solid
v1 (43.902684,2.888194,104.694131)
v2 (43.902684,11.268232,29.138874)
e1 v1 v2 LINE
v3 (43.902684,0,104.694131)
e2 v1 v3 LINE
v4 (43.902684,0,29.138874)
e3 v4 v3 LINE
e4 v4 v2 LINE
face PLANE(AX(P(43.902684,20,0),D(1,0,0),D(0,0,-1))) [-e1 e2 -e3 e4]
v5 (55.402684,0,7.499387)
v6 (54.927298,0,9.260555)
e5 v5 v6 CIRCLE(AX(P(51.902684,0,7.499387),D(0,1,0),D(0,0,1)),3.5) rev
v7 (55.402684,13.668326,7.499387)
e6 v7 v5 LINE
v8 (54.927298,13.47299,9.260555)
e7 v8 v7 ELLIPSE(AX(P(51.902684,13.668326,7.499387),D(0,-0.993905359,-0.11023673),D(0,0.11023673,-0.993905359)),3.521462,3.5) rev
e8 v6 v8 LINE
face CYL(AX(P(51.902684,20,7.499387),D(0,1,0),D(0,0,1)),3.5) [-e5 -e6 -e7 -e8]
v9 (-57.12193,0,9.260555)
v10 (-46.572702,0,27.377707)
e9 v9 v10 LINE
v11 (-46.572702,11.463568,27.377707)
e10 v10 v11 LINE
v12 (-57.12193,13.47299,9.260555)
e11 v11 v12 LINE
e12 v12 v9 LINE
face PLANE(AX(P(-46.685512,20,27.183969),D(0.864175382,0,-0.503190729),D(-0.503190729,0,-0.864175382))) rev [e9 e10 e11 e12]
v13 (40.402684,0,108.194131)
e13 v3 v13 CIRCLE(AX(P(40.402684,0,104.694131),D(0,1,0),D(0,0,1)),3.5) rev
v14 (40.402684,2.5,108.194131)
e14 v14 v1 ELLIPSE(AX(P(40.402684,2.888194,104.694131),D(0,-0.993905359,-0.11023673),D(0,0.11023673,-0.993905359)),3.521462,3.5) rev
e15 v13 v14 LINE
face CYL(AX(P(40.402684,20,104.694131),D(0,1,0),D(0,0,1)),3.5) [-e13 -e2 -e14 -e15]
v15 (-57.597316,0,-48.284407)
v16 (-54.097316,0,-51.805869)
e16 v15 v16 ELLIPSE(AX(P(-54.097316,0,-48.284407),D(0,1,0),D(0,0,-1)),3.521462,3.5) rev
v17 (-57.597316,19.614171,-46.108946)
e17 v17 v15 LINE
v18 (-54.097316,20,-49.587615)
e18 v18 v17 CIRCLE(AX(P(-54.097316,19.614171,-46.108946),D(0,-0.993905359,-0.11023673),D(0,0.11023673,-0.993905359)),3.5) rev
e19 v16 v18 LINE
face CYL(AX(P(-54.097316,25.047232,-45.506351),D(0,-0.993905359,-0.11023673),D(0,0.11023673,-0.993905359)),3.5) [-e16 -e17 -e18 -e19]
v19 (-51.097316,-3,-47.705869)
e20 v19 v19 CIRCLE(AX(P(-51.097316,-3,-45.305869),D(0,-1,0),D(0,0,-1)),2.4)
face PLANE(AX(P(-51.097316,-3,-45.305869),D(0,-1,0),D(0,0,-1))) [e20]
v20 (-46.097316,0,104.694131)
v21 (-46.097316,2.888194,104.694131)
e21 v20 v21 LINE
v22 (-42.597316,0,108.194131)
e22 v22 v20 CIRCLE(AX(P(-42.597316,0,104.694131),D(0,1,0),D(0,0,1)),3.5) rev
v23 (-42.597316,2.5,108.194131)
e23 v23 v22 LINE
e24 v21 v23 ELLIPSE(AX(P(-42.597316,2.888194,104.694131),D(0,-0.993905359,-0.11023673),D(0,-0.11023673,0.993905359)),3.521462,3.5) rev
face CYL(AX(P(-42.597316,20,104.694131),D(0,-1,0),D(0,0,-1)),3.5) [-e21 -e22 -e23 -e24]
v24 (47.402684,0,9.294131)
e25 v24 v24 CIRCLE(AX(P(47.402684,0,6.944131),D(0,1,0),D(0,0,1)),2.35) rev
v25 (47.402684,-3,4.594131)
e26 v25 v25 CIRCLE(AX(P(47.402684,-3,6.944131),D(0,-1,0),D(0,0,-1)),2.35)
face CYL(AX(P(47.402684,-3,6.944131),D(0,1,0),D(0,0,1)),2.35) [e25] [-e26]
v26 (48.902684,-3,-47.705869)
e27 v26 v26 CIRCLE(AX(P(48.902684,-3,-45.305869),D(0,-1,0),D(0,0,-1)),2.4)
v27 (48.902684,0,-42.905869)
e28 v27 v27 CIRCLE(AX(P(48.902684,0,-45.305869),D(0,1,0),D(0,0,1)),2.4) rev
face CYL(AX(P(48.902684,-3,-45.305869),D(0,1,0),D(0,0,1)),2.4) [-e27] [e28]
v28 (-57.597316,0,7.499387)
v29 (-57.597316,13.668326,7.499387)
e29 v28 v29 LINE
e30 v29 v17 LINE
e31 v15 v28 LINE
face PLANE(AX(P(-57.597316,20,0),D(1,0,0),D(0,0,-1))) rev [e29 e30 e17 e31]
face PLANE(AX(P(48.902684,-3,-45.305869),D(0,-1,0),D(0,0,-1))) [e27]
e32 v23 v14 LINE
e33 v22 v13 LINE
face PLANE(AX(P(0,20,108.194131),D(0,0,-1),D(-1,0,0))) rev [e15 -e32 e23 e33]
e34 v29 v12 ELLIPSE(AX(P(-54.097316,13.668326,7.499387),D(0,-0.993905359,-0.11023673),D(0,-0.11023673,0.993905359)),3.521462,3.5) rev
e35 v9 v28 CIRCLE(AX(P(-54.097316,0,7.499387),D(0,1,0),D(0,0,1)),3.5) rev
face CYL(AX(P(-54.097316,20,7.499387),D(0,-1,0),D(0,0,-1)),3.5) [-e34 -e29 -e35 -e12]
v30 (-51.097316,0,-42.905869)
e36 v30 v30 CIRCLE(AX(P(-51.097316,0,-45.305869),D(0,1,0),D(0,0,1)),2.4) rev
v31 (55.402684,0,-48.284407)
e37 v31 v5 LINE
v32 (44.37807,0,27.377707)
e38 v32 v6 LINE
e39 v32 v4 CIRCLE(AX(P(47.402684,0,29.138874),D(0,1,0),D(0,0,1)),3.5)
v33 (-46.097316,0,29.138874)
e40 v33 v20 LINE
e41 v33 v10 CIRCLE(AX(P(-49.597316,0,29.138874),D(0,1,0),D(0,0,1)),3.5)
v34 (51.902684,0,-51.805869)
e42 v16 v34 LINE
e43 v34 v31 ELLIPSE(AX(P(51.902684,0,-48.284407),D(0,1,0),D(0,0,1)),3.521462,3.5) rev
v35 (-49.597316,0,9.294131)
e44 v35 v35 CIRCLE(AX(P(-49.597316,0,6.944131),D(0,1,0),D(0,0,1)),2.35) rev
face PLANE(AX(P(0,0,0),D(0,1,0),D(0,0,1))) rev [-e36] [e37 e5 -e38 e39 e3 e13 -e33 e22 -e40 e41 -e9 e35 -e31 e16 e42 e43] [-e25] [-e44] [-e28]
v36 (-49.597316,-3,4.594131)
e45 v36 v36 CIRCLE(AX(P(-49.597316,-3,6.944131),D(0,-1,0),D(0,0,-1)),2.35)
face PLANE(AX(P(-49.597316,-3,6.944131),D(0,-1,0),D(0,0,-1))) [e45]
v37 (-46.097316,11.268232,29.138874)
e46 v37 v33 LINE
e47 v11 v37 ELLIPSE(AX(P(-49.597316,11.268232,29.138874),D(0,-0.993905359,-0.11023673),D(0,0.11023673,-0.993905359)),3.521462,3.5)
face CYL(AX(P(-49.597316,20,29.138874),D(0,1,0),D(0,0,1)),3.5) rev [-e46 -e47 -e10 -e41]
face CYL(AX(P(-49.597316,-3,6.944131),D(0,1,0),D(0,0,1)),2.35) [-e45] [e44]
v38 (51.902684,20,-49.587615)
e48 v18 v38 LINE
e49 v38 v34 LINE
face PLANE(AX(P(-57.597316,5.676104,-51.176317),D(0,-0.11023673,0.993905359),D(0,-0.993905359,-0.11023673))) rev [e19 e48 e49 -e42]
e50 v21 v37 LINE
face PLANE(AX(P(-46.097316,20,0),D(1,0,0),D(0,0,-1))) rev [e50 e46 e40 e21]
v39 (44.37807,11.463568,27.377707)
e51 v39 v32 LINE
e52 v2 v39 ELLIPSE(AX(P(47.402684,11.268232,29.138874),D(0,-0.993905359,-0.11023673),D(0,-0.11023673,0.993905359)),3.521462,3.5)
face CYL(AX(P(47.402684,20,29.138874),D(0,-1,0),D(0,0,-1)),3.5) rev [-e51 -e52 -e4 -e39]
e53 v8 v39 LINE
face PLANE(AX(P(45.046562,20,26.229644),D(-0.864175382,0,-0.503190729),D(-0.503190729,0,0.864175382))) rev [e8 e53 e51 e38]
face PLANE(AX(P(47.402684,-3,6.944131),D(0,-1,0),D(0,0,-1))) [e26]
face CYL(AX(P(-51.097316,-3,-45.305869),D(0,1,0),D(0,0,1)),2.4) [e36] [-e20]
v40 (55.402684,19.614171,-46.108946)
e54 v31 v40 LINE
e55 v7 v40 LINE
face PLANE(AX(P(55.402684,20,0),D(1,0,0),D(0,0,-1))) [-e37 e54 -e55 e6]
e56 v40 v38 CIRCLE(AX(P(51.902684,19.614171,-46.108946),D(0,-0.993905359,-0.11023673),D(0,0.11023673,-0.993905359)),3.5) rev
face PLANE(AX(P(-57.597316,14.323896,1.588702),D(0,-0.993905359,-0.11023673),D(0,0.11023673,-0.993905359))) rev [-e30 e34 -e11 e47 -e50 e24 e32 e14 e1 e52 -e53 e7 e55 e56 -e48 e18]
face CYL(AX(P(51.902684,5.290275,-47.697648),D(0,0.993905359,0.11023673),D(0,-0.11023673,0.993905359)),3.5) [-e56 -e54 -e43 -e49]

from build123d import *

# Parameters (mm, degrees)
BOSS_EXTRUDE1_DEPTH = 20
SKETCH2_R           = 2.4
SKETCH2_R_2         = 2.35
BOSS_EXTRUDE2_DEPTH = 3
CUT_EXTRUDE1_DEPTH  = 158.718007744
FILLET1_R           = 3.5


with BuildPart() as part:
    # Sketch1 → Boss-Extrude1 (new body)
    with BuildSketch(Plane(origin=(0, 0, 0), x_dir=(1, 0, 0), z_dir=(0, 1, 0))):
        Polygon((-57.597316241, 51.805869074), (-57.597316241, -8.444130926), (-46.097316241, -28.194130926), (-46.097316241, -108.194130926), (43.902683759, -108.194130926), (43.902683759, -28.194130926), (55.402683759, -8.444130926), (55.402683759, 51.805869074), align=None)
    extrude(amount=BOSS_EXTRUDE1_DEPTH)

    # Sketch2 → Boss-Extrude2 (add)
    with BuildSketch(Plane.XZ):
        with Locations(Location((-51.097316241, -45.305869074, 0), (0, 0, 90))):
            Circle(SKETCH2_R)
        with Locations(Location((48.902683759, -45.305869074, 0), (0, 0, 90))):
            Circle(SKETCH2_R)
        with Locations(Location((47.402683759, 6.944130926, 0), (0, 0, 90))):
            Circle(SKETCH2_R_2)
        with Locations(Location((-49.597316241, 6.944130926, 0), (0, 0, 90))):
            Circle(SKETCH2_R_2)
    extrude(amount=BOSS_EXTRUDE2_DEPTH)

    # Sketch3 → Cut-Extrude1 (cut, through all)
    with BuildSketch(Plane(origin=(55.402683759, 0, 0), x_dir=(0, 0, -1), z_dir=(1, 0, 0))):
        Polygon((-108.194130926, 20), (-108.194130926, 2.5), (-8.444130926, 13.563542172), (-8.444130926, 20), align=None)
        Polygon((-8.444130926, 20), (-8.444130926, 13.563542172), (49.587615005, 20), align=None)
        Polygon((49.587615005, 20), (51.805869074, 0), (51.805869074, 20), align=None)
    extrude(amount=-CUT_EXTRUDE1_DEPTH, mode=Mode.SUBTRACT)

    # Fillet1
    fillet1_edges = [part.edges().sort_by_distance(p)[0] for p in [
        (-57.597316241, 10, -50.69674204),
        (55.402683759, 10, -50.69674204),
        (-46.097316241, 5.686508139, 28.194130926),
        (-57.597316241, 6.781771086, 8.444130926),
        (43.902683759, 5.686508139, 28.194130926),
        (43.902683759, 1.25, 108.194130926),
        (-46.097316241, 1.25, 108.194130926),
        (55.402683759, 6.781771086, 8.444130926),
    ]]
    fillet(fillet1_edges, radius=FILLET1_R)


solid = part.part
